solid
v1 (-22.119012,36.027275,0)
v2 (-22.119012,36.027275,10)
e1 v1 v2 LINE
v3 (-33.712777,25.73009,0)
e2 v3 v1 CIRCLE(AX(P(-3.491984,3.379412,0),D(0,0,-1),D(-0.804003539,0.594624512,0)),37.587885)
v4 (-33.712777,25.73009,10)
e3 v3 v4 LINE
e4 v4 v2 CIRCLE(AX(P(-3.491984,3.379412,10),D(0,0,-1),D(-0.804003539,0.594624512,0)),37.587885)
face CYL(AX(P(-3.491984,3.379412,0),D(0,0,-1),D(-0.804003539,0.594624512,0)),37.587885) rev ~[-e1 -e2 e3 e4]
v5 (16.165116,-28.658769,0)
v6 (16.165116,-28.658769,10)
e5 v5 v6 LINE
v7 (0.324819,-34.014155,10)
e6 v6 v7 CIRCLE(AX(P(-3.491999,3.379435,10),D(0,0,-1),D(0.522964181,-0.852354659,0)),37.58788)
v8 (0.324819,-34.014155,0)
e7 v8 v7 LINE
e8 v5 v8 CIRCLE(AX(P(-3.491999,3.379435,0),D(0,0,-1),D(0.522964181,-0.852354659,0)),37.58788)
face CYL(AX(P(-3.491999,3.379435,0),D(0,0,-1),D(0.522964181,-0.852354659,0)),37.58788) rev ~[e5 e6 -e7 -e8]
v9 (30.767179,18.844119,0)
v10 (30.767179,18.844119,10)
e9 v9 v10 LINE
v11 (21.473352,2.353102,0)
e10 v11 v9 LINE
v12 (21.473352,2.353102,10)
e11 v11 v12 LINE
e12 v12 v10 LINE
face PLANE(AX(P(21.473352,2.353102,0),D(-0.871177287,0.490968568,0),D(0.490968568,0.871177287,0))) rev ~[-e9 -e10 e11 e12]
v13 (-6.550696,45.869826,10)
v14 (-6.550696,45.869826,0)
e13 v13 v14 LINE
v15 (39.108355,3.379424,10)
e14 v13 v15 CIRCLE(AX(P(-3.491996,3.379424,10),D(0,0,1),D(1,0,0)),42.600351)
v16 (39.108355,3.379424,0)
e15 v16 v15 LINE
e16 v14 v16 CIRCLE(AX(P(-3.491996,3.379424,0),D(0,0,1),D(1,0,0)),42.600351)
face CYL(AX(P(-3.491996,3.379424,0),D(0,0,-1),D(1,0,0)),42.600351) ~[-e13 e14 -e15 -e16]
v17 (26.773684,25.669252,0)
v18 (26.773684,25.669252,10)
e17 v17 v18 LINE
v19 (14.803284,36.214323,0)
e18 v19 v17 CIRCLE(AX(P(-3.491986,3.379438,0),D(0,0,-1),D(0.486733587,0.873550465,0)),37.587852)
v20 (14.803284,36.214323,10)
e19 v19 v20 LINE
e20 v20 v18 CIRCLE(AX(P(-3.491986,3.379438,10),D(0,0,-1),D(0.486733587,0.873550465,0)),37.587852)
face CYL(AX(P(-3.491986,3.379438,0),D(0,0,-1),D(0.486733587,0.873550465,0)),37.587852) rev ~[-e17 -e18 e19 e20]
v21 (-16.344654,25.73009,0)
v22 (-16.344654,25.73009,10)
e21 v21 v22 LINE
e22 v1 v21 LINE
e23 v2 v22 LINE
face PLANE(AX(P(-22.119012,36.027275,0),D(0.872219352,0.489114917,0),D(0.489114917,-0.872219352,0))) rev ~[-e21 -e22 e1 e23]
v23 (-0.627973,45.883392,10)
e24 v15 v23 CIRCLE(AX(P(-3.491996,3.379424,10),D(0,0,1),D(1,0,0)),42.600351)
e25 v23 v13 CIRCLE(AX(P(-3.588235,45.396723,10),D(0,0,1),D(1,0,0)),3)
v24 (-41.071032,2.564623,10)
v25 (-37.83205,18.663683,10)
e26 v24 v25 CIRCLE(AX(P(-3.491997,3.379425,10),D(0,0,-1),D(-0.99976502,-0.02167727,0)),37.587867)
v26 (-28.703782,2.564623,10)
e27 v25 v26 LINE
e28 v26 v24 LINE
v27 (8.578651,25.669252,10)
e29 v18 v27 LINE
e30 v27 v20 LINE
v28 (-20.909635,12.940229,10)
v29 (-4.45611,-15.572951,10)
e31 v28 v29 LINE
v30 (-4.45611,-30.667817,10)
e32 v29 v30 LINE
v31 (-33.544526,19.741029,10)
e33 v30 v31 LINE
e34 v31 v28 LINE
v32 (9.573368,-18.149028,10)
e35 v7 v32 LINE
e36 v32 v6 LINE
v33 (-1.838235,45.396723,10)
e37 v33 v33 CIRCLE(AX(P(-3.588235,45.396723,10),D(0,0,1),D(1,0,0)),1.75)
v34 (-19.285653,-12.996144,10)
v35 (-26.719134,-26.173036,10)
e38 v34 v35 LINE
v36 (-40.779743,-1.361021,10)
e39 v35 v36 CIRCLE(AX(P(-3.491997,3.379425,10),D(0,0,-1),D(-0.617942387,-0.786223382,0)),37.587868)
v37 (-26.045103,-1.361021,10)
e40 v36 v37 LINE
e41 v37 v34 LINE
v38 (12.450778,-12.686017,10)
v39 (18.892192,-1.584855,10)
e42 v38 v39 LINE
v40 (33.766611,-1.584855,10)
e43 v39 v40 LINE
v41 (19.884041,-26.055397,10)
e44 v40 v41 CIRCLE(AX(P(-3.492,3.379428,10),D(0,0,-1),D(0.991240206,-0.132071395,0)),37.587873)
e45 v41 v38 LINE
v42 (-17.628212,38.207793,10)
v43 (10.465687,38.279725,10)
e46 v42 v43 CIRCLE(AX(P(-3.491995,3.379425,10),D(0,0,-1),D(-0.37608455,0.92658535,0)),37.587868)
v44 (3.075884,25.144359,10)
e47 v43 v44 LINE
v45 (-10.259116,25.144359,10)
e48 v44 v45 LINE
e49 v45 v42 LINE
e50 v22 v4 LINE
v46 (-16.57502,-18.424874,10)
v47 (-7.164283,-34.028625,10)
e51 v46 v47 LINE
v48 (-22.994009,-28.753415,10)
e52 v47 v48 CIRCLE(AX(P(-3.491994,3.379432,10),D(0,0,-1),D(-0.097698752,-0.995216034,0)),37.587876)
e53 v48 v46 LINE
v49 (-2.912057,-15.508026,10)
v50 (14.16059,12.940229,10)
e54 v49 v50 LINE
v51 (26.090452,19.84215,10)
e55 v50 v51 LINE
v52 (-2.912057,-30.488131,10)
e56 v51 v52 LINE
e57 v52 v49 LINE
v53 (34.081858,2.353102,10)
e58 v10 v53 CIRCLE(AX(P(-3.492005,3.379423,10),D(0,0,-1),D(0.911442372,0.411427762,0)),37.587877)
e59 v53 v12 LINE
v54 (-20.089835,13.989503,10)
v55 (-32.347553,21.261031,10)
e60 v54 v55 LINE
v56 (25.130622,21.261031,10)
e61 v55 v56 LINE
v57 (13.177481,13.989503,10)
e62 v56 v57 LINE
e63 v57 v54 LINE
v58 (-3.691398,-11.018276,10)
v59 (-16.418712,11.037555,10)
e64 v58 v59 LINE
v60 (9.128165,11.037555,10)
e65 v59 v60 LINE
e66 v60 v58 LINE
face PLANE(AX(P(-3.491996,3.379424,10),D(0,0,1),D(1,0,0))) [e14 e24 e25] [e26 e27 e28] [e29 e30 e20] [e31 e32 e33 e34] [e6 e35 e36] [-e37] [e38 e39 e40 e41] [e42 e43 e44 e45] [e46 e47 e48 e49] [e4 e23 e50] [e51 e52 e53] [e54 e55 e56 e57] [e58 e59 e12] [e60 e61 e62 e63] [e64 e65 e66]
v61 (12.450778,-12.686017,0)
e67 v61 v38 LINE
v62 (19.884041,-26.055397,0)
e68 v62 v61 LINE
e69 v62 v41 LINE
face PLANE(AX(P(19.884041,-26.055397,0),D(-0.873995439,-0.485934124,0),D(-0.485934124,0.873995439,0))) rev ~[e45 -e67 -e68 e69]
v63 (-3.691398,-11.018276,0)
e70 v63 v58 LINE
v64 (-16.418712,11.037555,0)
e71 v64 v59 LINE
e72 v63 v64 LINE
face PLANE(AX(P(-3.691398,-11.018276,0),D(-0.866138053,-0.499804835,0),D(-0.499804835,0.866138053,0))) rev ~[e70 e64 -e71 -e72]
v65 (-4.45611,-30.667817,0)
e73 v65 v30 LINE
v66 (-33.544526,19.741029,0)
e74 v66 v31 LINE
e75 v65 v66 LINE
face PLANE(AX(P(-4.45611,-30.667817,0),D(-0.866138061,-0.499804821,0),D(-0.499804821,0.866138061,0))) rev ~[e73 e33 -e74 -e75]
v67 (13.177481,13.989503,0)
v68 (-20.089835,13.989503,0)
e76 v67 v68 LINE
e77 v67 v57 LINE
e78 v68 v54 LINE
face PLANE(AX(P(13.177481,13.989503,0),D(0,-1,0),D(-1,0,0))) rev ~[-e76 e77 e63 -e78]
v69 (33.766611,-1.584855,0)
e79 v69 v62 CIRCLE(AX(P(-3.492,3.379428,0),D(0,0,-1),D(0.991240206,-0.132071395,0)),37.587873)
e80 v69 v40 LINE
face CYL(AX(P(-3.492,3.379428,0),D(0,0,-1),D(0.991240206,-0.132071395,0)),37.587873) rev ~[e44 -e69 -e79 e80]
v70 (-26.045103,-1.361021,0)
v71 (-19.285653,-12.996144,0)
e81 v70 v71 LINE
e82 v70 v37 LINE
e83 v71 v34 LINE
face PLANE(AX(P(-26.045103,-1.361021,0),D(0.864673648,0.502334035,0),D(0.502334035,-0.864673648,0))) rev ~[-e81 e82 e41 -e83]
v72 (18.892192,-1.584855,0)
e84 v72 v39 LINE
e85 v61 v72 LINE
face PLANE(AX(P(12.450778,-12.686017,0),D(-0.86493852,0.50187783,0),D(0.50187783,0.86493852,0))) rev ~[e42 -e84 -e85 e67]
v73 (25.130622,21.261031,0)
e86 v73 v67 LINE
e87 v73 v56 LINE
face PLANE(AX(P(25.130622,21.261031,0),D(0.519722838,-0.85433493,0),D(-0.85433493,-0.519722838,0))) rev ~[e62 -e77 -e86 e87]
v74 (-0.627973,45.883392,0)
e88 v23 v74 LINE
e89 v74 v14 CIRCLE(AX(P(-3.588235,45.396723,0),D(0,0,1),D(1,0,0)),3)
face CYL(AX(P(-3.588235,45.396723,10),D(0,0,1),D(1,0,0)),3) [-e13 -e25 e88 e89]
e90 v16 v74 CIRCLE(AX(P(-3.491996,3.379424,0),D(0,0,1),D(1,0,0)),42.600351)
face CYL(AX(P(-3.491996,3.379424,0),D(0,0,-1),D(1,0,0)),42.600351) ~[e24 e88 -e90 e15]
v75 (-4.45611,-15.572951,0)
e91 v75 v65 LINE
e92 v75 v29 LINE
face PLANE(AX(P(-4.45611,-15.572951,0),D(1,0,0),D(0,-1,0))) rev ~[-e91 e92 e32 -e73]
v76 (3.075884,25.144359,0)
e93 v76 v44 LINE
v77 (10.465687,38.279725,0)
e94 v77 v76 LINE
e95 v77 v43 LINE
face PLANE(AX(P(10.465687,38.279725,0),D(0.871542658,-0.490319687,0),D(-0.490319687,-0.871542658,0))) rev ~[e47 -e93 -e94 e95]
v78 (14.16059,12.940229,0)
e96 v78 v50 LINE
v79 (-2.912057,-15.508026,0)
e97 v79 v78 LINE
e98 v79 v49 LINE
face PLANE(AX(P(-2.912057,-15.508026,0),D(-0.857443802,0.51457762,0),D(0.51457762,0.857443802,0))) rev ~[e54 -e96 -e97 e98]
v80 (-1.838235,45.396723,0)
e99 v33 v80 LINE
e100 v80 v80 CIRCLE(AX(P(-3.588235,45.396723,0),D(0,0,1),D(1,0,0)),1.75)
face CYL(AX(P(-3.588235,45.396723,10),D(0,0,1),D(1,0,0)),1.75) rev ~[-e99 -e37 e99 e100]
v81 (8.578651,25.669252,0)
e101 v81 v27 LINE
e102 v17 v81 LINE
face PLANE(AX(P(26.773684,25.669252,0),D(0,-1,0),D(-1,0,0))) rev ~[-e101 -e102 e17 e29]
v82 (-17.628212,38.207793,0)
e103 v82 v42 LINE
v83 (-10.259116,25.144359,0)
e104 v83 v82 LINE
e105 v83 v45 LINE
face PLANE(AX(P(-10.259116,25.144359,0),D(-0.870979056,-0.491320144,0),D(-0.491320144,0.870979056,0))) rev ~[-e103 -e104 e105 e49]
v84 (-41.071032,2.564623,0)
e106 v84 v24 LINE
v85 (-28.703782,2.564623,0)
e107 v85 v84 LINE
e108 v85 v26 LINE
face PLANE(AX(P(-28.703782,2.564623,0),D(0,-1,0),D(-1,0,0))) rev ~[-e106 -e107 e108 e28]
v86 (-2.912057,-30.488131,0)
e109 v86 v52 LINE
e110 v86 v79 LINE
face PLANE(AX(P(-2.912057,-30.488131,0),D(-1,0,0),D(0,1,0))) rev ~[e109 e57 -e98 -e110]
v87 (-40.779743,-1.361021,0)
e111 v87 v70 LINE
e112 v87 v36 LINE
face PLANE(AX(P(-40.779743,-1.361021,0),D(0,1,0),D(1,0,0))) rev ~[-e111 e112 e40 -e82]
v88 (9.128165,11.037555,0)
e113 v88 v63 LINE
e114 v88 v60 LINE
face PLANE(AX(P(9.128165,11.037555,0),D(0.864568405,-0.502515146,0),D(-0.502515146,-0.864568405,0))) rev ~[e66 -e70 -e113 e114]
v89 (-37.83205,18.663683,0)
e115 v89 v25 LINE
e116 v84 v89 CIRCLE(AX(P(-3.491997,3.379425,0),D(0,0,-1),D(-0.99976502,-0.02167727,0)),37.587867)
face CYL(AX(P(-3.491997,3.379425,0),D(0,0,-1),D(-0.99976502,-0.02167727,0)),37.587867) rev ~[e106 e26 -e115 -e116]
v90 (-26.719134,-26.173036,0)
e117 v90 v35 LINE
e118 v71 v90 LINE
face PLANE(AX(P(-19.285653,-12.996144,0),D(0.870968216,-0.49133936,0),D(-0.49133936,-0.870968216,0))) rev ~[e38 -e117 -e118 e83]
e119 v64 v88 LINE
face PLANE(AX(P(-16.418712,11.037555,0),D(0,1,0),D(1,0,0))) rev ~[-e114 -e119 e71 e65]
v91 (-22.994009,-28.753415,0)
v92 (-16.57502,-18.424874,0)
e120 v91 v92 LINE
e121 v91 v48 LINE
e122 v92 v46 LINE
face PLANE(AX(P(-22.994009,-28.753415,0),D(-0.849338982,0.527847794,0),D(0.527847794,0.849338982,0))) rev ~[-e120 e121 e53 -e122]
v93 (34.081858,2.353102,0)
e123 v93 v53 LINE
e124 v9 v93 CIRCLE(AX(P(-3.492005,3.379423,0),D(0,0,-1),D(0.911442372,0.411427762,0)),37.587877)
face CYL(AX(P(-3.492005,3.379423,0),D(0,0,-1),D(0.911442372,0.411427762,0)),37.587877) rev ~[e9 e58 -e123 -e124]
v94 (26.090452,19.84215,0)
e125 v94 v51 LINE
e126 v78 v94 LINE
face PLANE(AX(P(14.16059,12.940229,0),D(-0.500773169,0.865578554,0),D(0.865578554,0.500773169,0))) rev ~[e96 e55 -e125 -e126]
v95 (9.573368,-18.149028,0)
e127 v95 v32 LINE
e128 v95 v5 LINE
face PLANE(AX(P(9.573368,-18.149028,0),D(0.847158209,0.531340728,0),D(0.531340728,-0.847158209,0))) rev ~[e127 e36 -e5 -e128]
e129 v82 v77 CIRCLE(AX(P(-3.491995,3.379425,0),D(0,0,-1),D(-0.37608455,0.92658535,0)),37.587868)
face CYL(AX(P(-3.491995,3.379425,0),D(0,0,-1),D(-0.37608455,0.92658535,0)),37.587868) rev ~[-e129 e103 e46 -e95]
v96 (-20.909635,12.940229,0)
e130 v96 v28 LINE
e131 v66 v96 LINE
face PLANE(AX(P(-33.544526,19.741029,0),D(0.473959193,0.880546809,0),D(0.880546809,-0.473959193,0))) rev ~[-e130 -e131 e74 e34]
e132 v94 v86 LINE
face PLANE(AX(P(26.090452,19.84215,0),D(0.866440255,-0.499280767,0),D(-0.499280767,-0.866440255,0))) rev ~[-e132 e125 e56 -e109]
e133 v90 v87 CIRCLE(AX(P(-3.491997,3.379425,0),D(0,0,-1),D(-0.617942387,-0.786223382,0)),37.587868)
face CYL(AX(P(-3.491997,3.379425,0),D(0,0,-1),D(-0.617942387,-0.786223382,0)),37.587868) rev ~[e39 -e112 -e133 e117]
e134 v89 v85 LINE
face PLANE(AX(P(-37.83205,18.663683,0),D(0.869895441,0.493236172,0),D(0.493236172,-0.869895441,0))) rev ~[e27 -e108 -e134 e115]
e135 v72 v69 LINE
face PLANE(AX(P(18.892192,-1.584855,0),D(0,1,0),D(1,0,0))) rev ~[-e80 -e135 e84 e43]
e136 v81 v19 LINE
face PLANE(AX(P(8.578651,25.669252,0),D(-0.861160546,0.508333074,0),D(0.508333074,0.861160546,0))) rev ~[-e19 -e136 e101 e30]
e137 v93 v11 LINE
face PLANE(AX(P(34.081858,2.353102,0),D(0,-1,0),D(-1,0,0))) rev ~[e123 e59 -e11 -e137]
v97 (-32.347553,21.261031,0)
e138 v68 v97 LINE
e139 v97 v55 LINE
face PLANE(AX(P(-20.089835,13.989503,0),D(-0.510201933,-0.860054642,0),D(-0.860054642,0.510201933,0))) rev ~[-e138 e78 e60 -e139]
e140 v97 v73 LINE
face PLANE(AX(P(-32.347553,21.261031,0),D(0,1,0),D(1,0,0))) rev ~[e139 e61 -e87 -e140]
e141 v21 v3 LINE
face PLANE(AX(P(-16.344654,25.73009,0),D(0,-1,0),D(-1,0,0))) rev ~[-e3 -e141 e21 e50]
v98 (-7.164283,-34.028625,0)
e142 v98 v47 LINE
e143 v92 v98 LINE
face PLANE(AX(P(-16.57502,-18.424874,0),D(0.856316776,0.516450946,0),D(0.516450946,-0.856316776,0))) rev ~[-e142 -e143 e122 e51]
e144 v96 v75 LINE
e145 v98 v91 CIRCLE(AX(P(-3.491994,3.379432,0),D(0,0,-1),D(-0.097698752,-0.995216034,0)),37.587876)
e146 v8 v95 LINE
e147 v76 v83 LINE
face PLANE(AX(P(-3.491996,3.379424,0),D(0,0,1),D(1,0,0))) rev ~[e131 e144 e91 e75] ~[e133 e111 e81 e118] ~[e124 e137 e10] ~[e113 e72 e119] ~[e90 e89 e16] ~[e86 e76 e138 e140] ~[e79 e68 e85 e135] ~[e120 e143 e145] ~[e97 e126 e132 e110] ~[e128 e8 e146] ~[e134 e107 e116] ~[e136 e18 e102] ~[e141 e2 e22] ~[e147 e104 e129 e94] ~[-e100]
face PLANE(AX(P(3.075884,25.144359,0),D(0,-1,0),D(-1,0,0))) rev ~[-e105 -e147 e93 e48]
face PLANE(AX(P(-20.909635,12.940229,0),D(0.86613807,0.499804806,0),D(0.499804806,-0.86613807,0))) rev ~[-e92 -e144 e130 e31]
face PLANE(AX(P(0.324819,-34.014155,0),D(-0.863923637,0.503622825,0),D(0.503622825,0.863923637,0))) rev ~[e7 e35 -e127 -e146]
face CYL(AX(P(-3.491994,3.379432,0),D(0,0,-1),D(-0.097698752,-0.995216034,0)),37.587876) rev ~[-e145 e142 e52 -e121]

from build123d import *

# Parameters (mm, degrees)
F0_R     = 42.600351
F1_DEPTH = 10
F2_R     = 3
F3_DEPTH = 10
F4_R     = 1.75
F5_DEPTH = 10


with BuildPart() as f1:
    # F0 (on Top) → F1 (new body)
    with BuildSketch(Plane.XY):
        with Locations((-3.491996, 3.379424)):
            Circle(F0_R)
        with BuildLine():
            ThreePointArc((-7.164283, -34.028625), (-15.375556, -32.280481), (-22.994009, -28.753415))
            Line((-22.994009, -28.753415), (-16.57502, -18.424874))
            Line((-16.57502, -18.424874), (-7.164283, -34.028625))
        make_face(mode=Mode.SUBTRACT)
        with BuildLine():
            ThreePointArc((-26.719134, -26.173036), (-36.194012, -15.152333), (-40.779743, -1.361021))
            Line((-40.779743, -1.361021), (-26.045103, -1.361021))
            Line((-26.045103, -1.361021), (-19.285653, -12.996144))
            Line((-19.285653, -12.996144), (-26.719134, -26.173036))
        make_face(mode=Mode.SUBTRACT)
        Polygon((-4.45611, -30.667817), (-33.544526, 19.741029), (-20.909635, 12.940229), (-4.45611, -15.572951), align=None, mode=Mode.SUBTRACT)
        Polygon((-3.691398, -11.018276), (-16.418712, 11.037555), (9.128165, 11.037555), align=None, mode=Mode.SUBTRACT)
        with BuildLine():
            ThreePointArc((16.165116, -28.658769), (8.54654, -32.228461), (0.324819, -34.014155))
            Line((0.324819, -34.014155), (9.573368, -18.149028))
            Line((9.573368, -18.149028), (16.165116, -28.658769))
        make_face(mode=Mode.SUBTRACT)
        Polygon((-2.912057, -15.508026), (14.16059, 12.940229), (26.090452, 19.84215), (-2.912057, -30.488131), align=None, mode=Mode.SUBTRACT)
        with BuildLine():
            Line((19.884041, -26.055397), (12.450778, -12.686017))
            Line((12.450778, -12.686017), (18.892192, -1.584855))
            Line((18.892192, -1.584855), (33.766611, -1.584855))
            ThreePointArc((33.766611, -1.584855), (29.201151, -15.167973), (19.884041, -26.055397))
        make_face(mode=Mode.SUBTRACT)
        with BuildLine():
            ThreePointArc((-41.071032, 2.564623), (-40.341471, 10.793199), (-37.83205, 18.663683))
            Line((-37.83205, 18.663683), (-28.703782, 2.564623))
            Line((-28.703782, 2.564623), (-41.071032, 2.564623))
        make_face(mode=Mode.SUBTRACT)
        Polygon((-20.089835, 13.989503), (-32.347553, 21.261031), (25.130622, 21.261031), (13.177481, 13.989503), align=None, mode=Mode.SUBTRACT)
        with BuildLine():
            Line((-16.344654, 25.73009), (-33.712777, 25.73009))
            ThreePointArc((-33.712777, 25.73009), (-28.452661, 31.483037), (-22.119012, 36.027275))
            Line((-22.119012, 36.027275), (-16.344654, 25.73009))
        make_face(mode=Mode.SUBTRACT)
        with BuildLine():
            Line((-10.259116, 25.144359), (-17.628212, 38.207793))
            ThreePointArc((-17.628212, 38.207793), (-3.588235, 40.96717), (10.465687, 38.279725))
            Line((10.465687, 38.279725), (3.075884, 25.144359))
            Line((3.075884, 25.144359), (-10.259116, 25.144359))
        make_face(mode=Mode.SUBTRACT)
        with BuildLine():
            ThreePointArc((30.767179, 18.844119), (33.358844, 10.786409), (34.081858, 2.353102))
            Line((34.081858, 2.353102), (21.473352, 2.353102))
            Line((21.473352, 2.353102), (30.767179, 18.844119))
        make_face(mode=Mode.SUBTRACT)
        with BuildLine():
            ThreePointArc((14.803284, 36.214323), (21.354359, 31.584149), (26.773684, 25.669252))
            Line((26.773684, 25.669252), (8.578651, 25.669252))
            Line((8.578651, 25.669252), (14.803284, 36.214323))
        make_face(mode=Mode.SUBTRACT)
    extrude(amount=F1_DEPTH)

    # F2 (on face) → F3 (join, through all)
    with BuildSketch(Plane.XY.offset(10)):
        with Locations((-3.588235, 45.396723)):
            Circle(F2_R)
    extrude(amount=-F3_DEPTH)

    # F4 (on face) → F5 (cut, through all)
    with BuildSketch(Plane.XY.offset(10)):
        with Locations((-3.588235, 45.396723)):
            Circle(F4_R)
    extrude(amount=-F5_DEPTH, mode=Mode.SUBTRACT)


solid = f1.part
